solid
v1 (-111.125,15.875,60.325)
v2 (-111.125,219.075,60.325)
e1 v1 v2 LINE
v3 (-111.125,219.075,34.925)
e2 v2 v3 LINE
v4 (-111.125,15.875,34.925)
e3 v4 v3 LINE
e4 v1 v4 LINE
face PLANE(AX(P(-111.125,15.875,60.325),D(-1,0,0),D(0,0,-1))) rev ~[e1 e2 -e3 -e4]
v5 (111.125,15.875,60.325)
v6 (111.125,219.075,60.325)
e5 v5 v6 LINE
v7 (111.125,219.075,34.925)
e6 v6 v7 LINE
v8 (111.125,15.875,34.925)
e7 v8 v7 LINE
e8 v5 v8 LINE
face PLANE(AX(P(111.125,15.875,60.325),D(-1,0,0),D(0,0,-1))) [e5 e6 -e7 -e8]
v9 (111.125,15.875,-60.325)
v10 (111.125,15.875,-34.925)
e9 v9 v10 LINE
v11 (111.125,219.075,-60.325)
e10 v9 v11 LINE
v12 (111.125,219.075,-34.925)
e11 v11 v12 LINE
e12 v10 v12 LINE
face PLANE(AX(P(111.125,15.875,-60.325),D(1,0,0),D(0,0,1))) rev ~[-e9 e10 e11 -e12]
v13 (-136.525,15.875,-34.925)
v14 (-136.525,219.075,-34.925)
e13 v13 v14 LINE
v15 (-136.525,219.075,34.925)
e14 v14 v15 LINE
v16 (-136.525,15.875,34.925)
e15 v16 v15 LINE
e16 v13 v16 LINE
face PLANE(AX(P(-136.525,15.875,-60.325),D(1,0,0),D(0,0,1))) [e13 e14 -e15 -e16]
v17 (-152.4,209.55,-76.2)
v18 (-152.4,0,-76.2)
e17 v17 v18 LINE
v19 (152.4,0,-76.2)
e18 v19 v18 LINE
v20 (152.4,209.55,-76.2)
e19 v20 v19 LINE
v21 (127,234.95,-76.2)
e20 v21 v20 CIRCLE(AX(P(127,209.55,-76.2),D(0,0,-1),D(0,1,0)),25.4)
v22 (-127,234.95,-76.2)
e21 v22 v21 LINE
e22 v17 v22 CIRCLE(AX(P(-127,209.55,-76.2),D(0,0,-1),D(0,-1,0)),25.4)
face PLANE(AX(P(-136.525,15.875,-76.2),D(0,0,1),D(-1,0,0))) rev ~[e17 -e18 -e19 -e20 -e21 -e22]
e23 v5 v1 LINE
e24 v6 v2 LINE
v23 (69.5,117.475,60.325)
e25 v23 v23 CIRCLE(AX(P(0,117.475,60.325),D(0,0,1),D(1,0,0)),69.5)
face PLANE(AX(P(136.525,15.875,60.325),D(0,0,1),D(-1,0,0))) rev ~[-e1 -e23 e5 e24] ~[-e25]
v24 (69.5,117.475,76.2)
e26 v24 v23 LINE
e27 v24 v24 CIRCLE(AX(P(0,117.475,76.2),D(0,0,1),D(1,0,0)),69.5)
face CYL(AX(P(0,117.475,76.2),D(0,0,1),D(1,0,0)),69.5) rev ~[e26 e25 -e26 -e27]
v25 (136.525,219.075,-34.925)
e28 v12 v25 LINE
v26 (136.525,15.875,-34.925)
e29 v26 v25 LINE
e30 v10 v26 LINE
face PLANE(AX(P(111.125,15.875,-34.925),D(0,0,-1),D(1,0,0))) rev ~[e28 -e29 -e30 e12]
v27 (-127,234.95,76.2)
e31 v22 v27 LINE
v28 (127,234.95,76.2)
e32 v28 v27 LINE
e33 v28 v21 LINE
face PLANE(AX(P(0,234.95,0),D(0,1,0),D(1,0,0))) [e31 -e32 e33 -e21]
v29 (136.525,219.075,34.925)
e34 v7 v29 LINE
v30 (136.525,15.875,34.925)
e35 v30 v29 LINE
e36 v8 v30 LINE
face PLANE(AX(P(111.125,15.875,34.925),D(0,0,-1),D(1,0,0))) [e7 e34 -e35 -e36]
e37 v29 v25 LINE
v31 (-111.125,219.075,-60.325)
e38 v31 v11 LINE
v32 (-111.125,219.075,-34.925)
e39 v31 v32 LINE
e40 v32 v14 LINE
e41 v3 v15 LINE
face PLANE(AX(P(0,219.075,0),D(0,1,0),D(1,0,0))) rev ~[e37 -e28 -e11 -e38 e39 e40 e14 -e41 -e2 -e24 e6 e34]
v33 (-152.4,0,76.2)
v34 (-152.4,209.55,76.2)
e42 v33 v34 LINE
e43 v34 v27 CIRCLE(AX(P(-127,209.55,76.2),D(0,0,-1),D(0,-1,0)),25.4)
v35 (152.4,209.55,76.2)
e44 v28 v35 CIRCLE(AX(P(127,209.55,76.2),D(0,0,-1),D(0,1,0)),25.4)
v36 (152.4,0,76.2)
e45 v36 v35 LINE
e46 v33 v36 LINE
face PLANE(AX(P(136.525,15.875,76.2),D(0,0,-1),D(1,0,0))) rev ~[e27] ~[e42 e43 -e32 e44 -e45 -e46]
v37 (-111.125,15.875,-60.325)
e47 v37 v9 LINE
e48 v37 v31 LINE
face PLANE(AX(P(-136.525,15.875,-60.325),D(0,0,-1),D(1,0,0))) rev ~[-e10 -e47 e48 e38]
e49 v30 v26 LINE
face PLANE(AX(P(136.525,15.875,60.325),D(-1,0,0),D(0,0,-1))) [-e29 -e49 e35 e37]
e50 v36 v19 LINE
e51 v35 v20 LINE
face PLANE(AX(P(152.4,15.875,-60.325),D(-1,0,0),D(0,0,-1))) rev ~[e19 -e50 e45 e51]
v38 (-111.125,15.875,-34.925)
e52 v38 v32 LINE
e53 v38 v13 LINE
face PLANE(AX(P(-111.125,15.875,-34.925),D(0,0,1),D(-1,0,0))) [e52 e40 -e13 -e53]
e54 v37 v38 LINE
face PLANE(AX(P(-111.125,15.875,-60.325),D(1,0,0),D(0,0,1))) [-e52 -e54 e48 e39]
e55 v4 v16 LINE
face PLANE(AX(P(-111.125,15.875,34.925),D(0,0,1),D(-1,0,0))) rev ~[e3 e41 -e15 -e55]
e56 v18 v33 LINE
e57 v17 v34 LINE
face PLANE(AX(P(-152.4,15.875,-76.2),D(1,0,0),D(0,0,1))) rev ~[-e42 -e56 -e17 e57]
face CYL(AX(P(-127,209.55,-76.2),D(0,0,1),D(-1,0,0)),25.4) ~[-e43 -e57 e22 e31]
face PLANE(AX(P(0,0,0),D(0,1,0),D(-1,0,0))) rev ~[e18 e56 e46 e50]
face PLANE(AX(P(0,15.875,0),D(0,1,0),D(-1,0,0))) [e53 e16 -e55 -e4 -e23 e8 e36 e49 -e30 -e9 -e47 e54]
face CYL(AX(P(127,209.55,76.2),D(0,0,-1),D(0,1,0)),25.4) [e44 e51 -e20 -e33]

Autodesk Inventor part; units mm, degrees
ref_plane "YZ Plane" through (0, 0, 0) normal (1, 0, 0) x (0, 1, 0)
ref_plane "XZ Plane" through (0, 0, 0) normal (0, 1, 0) x (-1, 0, 0)
ref_plane "XY Plane" through (0, 0, 0) normal (0, 0, 1) x (1, 0, 0)
sketch "Sketch1" plane through (0, 0, 0) normal (0, 1, 0) x (-1, 0, 0)
  line L0 (152.4, 76.2) -> (-152.4, 76.2)
  line L1 (-152.4, 76.2) -> (-152.4, -76.2)
  line L2 (-152.4, -76.2) -> (152.4, -76.2)
  line L3 (152.4, -76.2) -> (152.4, 76.2)
  point P0 (0, 0)
  point P1 (152.4, 0)
  point P2 (0, -76.2)
  dimension "d0" = 152.4
  dimension "d1" = 304.8
extrude "Extrusion1" add sketch "Sketch1" along normal blind 15.875
sketch "Sketch4" plane through (0, 15.875, 0) normal (0, 1, 0) x (1, 0, 0)
  line L0 (-152.4, -76.2) -> (152.4, -76.2) projected
  line L1 (152.4, -76.2) -> (152.4, 76.2) projected
  line L2 (152.4, 76.2) -> (-152.4, 76.2) projected
  line L3 (-152.4, 76.2) -> (-152.4, -76.2) projected
  line L4 (-152.4, -76.2) -> (152.4, -76.2) projected
  line L5 (-152.4, -76.2) -> (136.525, -76.2)
  line L6 (136.525, -76.2) -> (136.525, -60.325)
  line L7 (136.525, -60.325) -> (-152.4, -60.325)
  line L8 (-152.4, -60.325) -> (-152.4, -76.2)
  point P0 (0, 0)
  dimension "d4" = 15.875
  dimension "d5" = 15.875
extrude "Extrusion2" add sketch "Sketch4" along normal blind 203.2 contours L3 L7 L6 L0
sketch "Sketch5" plane through (0, 15.875, 0) normal (0, 1, 0) x (1, 0, 0)
  line L0 (136.525, -60.325) -> (136.525, -76.2) projected
  line L1 (136.525, -76.2) -> (152.4, -76.2) projected
  line L2 (152.4, -76.2) -> (152.4, 76.2) projected
  line L3 (152.4, 76.2) -> (-152.4, 76.2) projected
  line L4 (-152.4, 76.2) -> (-152.4, -60.325) projected
  line L5 (-152.4, -60.325) -> (136.525, -60.325) projected
  line L6 (-152.4, -76.2) -> (152.4, -76.2) projected
  line L7 (152.4, -76.2) -> (136.525, -76.2)
  line L8 (136.525, -76.2) -> (136.525, 60.325)
  line L9 (136.525, 60.325) -> (152.4, 60.325)
  line L10 (152.4, 60.325) -> (152.4, -76.2)
  line L11 (136.525, -76.2) -> (136.525, -60.325) projected
  point P0 (0, 0)
  dimension "d8" = 15.875
extrude "Extrusion3" add sketch "Sketch5" along normal blind 203.2 contours L8 L9 L2 L1 L0
sketch "Sketch6" plane through (0, 15.875, 0) normal (0, 1, 0) x (1, 0, 0)
  line L0 (136.525, 60.325) -> (152.4, 60.325) projected
  line L1 (152.4, 60.325) -> (152.4, 76.2) projected
  line L2 (152.4, 76.2) -> (-152.4, 76.2) projected
  line L3 (-152.4, 76.2) -> (-152.4, -60.325) projected
  line L4 (-152.4, -60.325) -> (136.525, -60.325) projected
  line L5 (136.525, -60.325) -> (136.525, 60.325) projected
  line L6 (152.4, 76.2) -> (-136.525, 76.2)
  line L7 (-136.525, 76.2) -> (-136.525, 60.325)
  line L8 (-136.525, 60.325) -> (152.4, 60.325)
  line L9 (152.4, 60.325) -> (152.4, 76.2)
  line L10 (152.4, 60.325) -> (136.525, 60.325) projected
  point P0 (0, 0)
  dimension "d11" = 15.875
extrude "Extrusion4" add sketch "Sketch6" along normal blind 203.2 contours L8 L7 L2 L1 L0
sketch "Sketch7" plane through (0, 15.875, 0) normal (0, 1, 0) x (1, 0, 0)
  line L0 (-136.525, 60.325) -> (-136.525, 76.2) projected
  line L1 (-136.525, 76.2) -> (-152.4, 76.2) projected
  line L2 (-152.4, 76.2) -> (-152.4, -60.325) projected
  line L3 (-152.4, -60.325) -> (136.525, -60.325) projected
  line L4 (136.525, -60.325) -> (136.525, 60.325) projected
  line L5 (136.525, 60.325) -> (-136.525, 60.325) projected
  line L6 (-152.4, -60.325) -> (136.525, -60.325) projected
  line L7 (-152.4, 76.2) -> (-136.525, 76.2)
  line L8 (-136.525, 76.2) -> (-136.525, -60.325)
  line L9 (-136.525, -60.325) -> (-152.4, -60.325)
  line L10 (-152.4, -60.325) -> (-152.4, 76.2)
  line L11 (-136.525, 76.2) -> (-136.525, 60.325) projected
  point P0 (0, 0)
extrude "Extrusion5" add sketch "Sketch7" along normal blind 203.2 contours L8 L3 L2 L1 L0
sketch "Sketch8" plane through (0, 219.075, 0) normal (0, 1, 0) x (1, 0, 0)
  line L0 (136.525, -60.325) -> (-136.525, -60.325) projected
  line L1 (-152.4, 76.2) -> (-152.4, -76.2) projected
  line L2 (152.4, -76.2) -> (152.4, 76.2) projected
  line L3 (-152.4, 76.2) -> (152.4, 76.2)
  line L4 (152.4, 76.2) -> (152.4, -76.2)
  line L5 (152.4, -76.2) -> (-152.4, -76.2)
  line L6 (-152.4, -76.2) -> (-152.4, 76.2)
  line L7 (-152.4, -76.2) -> (152.4, -76.2) projected
  line L8 (136.525, 60.325) -> (136.525, -60.325) projected
  line L9 (152.4, -76.2) -> (152.4, 76.2) projected
  line L10 (-136.525, 60.325) -> (136.525, 60.325) projected
  line L11 (-136.525, -60.325) -> (-136.525, 60.325) projected
  line L12 (152.4, 76.2) -> (-152.4, 76.2) projected
  point P0 (0, 0)
extrude "Extrusion6" add sketch "Sketch8" along normal blind 15.875 contours L0 L11 L10 L8 | L3 L2 L5 L1
sketch "Sketch9" plane through (-152.4, 0, 76.2) normal (0, 0, 1) x (1, 0, 0)
  circle A0 centre (152.4, 117.475) radius 69.5
  line L0 (0, 0) -> (304.8, 0) projected
  line L1 (304.8, 0) -> (304.8, 234.95) projected
  line L2 (0, 0) -> (0, 234.95) projected
  line L3 (0, 234.95) -> (304.8, 234.95) projected
  line L4 (0, 234.95) -> (304.8, 234.95) projected
  point P0 (152.4, 0)
  point P1 (304.8, 117.475)
  point P2 (152.4, 234.95)
  point P3 (234.95, 190.5)
  point P4 (152.4, 234.95)
  dimension "d18" = 139
extrude "Extrusion7" cut sketch "Sketch9" against normal up to next contours A0
sketch "Sketch10" plane through (0, 15.875, 0) normal (0, 1, 0) x (1, 0, 0)
  line L0 (-136.525, 60.325) -> (-136.525, -60.325) projected
  line L1 (-136.525, -60.325) -> (136.525, -60.325) projected
  line L2 (136.525, -60.325) -> (136.525, 60.325) projected
  line L3 (136.525, 60.325) -> (-136.525, 60.325) projected
  line L4 (-136.525, 60.325) -> (-111.125, 60.325)
  line L5 (-111.125, 60.325) -> (-111.125, 34.925)
  line L6 (-111.125, 34.925) -> (-136.525, 34.925)
  line L7 (-136.525, 34.925) -> (-136.525, 60.325)
  line L8 (136.525, 60.325) -> (111.125, 60.325)
  line L9 (111.125, 60.325) -> (111.125, 34.925)
  line L10 (111.125, 34.925) -> (136.525, 34.925)
  line L11 (136.525, 34.925) -> (136.525, 60.325)
  line L12 (-136.525, -60.325) -> (-111.125, -60.325)
  line L13 (-111.125, -60.325) -> (-111.125, -34.925)
  line L14 (-111.125, -34.925) -> (-136.525, -34.925)
  line L15 (-136.525, -34.925) -> (-136.525, -60.325)
  line L16 (136.525, -60.325) -> (111.125, -60.325)
  line L17 (111.125, -60.325) -> (111.125, -34.925)
  line L18 (111.125, -34.925) -> (136.525, -34.925)
  line L19 (136.525, -34.925) -> (136.525, -60.325)
  point P0 (0, 0)
  dimension "d21" = 25.4
  dimension "d22" = 25.4
  dimension "d23" = 25.4
  dimension "d24" = 25.4
  dimension "d25" = 25.4
  dimension "d26" = 25.4
extrude "Extrusion8" add sketch "Sketch10" along normal up to surface (203.2 mm away) contours L3 L5 L6 L0 | L14 L13 L1 L0 | L3 L2 L10 L9 | L17 L18 L2 L1
fillet "Fillet1" radius 25.4 2 edges at (152.4, 234.95, 0) (-152.4, 234.95, 0)
equation "\"d5\" = d4"
properties part number "speakerBox" material "Wood (Birch)"
